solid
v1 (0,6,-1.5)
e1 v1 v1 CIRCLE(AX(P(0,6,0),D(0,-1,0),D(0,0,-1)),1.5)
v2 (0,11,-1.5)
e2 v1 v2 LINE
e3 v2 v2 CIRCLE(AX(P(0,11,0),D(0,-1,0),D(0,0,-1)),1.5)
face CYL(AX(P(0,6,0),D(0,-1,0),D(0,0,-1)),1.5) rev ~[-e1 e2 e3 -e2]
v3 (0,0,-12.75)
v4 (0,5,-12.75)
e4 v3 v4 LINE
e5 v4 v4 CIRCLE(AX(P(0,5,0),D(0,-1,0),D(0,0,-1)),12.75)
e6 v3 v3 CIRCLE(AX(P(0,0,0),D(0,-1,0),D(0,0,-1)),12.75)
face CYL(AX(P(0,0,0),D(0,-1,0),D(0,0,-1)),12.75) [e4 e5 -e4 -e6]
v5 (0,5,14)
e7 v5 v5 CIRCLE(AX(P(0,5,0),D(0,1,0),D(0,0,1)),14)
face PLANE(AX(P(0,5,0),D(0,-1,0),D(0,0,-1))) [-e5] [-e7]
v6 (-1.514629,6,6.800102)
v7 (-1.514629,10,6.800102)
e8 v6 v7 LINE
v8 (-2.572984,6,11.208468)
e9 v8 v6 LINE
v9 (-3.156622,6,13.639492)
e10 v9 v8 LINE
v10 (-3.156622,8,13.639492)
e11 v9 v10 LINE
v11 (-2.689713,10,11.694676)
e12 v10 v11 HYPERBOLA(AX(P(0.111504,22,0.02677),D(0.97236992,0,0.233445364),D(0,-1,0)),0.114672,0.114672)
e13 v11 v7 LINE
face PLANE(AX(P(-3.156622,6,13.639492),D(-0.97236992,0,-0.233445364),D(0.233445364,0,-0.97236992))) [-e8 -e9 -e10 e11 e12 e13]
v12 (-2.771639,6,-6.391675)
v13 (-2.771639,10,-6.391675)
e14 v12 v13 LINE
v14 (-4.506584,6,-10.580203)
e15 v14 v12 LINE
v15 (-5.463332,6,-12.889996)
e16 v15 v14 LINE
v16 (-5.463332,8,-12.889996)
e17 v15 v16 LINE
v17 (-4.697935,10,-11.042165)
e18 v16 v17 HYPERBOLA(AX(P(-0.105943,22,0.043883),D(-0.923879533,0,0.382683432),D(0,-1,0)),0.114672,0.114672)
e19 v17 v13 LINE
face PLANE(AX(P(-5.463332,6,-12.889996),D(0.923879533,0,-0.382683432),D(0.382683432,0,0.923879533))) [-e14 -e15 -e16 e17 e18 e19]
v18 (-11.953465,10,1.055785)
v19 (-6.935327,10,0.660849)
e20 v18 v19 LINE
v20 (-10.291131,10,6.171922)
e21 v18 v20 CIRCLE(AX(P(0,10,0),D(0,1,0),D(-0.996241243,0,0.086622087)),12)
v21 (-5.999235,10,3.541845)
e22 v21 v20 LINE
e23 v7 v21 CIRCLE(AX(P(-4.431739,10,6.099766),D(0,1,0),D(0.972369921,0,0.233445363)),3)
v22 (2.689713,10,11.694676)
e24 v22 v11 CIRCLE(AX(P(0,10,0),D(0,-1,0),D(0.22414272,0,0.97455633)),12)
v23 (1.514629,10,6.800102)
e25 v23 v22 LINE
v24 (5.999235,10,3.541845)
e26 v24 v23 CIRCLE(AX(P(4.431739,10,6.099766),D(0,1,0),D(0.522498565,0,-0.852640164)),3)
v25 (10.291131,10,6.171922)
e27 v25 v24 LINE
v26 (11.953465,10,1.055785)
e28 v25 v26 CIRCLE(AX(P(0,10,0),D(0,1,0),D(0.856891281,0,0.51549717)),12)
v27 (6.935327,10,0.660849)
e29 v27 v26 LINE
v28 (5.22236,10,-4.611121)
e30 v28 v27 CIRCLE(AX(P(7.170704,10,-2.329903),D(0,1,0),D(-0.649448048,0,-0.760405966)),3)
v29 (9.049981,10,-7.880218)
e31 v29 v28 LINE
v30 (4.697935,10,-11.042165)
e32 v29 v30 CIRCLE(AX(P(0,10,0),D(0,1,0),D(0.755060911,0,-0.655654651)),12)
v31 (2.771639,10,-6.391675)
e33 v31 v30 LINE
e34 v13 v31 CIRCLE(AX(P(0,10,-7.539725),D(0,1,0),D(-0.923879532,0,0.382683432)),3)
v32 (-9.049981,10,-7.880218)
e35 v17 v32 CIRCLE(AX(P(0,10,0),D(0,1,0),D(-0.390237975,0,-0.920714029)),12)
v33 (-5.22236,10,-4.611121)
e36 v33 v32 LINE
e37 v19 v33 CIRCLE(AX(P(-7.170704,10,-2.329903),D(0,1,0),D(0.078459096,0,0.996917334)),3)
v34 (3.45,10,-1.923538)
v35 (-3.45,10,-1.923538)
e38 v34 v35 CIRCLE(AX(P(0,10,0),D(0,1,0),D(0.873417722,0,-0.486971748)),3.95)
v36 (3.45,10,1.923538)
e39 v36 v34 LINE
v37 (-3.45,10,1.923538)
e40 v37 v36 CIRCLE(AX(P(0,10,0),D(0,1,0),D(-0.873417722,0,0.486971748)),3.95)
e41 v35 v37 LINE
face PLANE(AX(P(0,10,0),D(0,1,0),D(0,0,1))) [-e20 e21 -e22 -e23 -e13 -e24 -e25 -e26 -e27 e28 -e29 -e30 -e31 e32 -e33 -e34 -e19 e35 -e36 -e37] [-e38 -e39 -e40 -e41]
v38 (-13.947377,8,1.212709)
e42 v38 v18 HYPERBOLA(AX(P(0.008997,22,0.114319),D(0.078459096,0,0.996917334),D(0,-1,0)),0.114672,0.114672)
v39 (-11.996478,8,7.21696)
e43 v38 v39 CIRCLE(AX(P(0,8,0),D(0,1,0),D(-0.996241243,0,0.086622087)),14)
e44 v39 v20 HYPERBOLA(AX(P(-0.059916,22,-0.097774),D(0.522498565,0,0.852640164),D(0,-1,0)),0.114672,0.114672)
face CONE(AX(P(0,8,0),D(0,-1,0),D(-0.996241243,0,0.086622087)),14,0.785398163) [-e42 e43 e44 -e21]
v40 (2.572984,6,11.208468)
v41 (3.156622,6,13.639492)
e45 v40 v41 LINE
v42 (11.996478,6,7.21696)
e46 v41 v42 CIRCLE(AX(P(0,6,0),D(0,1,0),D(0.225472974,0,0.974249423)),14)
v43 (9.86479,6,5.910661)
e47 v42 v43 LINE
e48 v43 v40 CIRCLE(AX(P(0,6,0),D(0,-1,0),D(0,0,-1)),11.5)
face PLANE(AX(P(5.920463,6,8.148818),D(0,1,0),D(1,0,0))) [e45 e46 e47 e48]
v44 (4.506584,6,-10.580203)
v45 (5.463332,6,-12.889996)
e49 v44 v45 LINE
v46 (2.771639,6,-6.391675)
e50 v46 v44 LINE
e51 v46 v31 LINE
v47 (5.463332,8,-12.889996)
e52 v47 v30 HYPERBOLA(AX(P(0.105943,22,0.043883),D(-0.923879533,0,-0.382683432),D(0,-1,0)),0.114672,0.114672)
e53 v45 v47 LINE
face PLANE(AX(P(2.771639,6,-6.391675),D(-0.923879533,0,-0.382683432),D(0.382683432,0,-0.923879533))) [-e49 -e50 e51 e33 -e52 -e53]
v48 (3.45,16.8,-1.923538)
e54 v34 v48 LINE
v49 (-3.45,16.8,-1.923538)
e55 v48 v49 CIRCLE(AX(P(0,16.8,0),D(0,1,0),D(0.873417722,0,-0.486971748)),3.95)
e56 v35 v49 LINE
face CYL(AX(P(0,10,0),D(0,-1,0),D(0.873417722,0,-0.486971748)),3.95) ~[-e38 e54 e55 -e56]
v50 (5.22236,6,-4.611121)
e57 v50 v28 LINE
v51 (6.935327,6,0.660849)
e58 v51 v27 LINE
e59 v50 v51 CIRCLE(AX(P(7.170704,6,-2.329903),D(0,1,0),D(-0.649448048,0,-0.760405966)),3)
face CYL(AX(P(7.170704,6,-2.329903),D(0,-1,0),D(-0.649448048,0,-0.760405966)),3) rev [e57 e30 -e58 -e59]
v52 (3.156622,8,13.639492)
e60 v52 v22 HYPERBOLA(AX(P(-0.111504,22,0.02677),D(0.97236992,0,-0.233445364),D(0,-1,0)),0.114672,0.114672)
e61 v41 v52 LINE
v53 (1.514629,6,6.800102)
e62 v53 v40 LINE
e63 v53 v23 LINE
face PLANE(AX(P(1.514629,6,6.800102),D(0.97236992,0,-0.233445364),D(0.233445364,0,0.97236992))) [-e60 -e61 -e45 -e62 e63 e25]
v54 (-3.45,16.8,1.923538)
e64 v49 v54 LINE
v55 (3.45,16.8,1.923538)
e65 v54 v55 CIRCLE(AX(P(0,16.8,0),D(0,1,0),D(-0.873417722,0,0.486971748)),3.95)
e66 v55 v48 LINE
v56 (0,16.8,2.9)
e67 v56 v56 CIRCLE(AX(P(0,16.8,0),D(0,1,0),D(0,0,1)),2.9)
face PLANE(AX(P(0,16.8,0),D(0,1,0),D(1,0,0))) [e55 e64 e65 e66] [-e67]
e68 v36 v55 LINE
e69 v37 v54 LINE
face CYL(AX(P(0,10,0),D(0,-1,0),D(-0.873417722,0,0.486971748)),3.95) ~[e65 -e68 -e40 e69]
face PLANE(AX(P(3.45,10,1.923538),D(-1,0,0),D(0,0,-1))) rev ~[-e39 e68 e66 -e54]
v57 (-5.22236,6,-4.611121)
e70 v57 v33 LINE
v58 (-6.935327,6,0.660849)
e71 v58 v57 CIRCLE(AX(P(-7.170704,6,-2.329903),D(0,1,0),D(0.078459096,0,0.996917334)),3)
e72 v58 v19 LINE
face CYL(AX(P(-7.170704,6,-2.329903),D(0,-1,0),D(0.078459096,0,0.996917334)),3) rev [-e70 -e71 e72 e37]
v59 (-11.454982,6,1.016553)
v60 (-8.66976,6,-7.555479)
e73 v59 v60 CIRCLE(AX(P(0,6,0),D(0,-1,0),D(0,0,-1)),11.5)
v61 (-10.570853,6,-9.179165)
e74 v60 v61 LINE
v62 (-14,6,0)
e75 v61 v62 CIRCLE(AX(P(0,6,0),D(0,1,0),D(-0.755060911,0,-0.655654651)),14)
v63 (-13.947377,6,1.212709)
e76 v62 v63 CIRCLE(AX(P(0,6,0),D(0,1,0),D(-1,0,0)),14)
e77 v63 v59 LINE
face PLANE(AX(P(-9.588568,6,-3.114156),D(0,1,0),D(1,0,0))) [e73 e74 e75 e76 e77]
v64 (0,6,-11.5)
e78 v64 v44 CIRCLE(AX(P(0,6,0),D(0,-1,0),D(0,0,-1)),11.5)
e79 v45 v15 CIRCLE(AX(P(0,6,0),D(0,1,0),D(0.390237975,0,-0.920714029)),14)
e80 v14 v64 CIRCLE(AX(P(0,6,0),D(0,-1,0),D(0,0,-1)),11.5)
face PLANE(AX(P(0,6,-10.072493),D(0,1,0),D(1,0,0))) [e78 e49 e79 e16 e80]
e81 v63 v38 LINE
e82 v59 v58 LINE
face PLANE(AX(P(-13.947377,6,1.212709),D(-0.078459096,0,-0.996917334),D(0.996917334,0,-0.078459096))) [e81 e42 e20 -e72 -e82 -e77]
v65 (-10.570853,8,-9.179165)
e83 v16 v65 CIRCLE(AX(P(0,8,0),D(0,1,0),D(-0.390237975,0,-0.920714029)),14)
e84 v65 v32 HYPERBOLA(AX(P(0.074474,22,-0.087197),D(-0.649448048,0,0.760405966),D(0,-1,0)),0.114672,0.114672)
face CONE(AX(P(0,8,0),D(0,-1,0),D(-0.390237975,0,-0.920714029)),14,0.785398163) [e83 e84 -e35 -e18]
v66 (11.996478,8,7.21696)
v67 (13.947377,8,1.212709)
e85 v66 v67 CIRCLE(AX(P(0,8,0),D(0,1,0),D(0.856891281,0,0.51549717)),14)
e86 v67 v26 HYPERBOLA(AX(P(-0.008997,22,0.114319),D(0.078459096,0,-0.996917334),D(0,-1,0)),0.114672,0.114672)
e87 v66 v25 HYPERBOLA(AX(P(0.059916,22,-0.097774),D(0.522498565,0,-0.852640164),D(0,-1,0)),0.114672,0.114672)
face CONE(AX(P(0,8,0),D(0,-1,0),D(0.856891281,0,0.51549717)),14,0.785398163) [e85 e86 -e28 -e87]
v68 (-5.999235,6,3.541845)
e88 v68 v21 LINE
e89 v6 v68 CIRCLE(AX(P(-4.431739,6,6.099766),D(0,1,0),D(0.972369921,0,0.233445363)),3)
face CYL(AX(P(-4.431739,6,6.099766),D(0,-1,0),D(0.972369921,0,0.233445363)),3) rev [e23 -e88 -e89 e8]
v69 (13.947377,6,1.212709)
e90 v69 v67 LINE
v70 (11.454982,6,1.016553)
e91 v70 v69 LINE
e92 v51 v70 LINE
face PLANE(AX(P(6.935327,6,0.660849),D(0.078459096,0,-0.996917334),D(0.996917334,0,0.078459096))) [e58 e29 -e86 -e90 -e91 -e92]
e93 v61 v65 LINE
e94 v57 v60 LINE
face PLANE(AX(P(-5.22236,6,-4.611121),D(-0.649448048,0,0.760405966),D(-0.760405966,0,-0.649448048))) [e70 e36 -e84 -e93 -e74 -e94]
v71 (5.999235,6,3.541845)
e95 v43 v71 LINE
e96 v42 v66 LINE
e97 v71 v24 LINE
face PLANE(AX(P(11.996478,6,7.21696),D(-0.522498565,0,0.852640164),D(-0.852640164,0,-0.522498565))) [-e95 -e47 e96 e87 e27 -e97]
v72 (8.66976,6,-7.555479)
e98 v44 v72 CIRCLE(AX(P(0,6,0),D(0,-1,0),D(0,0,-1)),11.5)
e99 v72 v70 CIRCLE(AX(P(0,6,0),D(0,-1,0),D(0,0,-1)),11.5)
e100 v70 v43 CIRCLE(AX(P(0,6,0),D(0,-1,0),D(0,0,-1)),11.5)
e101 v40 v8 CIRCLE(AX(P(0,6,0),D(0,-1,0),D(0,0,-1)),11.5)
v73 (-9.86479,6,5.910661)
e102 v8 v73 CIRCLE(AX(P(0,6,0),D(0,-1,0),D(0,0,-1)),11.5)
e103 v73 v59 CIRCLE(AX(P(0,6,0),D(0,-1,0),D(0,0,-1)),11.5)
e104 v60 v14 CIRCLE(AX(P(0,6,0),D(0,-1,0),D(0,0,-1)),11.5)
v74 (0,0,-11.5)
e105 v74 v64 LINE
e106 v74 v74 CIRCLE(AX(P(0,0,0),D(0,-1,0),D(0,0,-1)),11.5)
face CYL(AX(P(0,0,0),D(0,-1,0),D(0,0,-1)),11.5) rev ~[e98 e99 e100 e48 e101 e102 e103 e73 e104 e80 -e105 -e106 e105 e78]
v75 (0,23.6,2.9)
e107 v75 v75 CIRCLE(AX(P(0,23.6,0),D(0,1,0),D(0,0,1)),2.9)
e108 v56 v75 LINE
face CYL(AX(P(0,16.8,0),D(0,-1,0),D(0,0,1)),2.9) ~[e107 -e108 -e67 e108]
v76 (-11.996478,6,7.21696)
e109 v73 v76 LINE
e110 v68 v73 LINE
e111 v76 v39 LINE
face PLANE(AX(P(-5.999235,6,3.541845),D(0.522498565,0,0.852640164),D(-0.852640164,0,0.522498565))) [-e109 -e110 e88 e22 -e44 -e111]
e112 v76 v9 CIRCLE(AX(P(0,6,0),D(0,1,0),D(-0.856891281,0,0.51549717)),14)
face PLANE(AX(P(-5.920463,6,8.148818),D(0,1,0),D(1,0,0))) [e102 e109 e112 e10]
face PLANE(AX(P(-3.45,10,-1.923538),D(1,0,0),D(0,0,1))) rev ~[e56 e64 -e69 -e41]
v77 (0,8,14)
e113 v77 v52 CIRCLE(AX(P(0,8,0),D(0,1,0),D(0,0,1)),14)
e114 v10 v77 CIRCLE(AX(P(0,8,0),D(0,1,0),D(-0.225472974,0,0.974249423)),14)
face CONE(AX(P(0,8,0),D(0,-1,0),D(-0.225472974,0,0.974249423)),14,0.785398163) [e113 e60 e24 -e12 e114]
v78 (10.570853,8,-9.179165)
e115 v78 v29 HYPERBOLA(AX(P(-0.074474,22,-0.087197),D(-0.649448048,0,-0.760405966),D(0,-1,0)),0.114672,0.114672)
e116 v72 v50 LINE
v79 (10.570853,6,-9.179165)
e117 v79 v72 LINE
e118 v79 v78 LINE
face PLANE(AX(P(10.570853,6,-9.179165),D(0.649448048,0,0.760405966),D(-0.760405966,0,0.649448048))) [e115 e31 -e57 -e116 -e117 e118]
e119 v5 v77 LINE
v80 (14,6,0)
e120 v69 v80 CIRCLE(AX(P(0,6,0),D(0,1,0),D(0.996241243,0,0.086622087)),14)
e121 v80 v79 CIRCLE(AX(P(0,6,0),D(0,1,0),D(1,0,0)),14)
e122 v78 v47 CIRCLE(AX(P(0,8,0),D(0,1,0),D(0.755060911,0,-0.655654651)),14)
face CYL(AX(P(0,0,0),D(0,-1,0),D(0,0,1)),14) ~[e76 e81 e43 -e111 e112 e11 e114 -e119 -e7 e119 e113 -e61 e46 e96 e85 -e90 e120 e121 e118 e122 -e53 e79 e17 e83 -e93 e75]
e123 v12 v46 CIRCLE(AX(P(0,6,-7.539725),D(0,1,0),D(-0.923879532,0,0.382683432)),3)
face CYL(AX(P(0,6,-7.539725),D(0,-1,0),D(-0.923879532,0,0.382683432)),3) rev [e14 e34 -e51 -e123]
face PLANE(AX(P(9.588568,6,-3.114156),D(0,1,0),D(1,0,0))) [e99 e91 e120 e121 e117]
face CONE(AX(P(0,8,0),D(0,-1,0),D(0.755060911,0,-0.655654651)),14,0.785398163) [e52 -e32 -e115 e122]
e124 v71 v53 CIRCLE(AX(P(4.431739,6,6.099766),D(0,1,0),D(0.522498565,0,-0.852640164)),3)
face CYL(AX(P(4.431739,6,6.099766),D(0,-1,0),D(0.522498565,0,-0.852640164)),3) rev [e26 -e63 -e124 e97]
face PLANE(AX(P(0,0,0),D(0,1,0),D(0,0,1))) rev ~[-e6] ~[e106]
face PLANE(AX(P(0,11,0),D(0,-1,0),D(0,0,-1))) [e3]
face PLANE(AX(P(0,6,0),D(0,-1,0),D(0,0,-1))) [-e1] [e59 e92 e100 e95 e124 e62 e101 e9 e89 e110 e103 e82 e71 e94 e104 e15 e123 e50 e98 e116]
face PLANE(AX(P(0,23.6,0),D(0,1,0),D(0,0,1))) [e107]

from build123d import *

# Parameters (mm, degrees)
SKETCH_1_R          = 14
EXTRUDE_1_DEPTH     = 10
SKETCH_2_R          = 11.5
CUT_EXTRUDE_1_DEPTH = 6
SKETCH_3_R          = 14
SKETCH_3_R_2        = 12.75
CUT_EXTRUDE_2_DEPTH = 5
CUT_EXTRUDE_START   = -4
CUT_EXTRUDE_3_DEPTH = 4
CHAMFER_1_SIZE      = 2
EXTRUDE_2_DEPTH     = 6.8
SKETCH_6_R          = 2.9
EXTRUDE_3_DEPTH     = 6.8
SKETCH_7_R          = 1.5
CUT_EXTRUDE_4_DEPTH = 5


with BuildPart() as part:
    # 草图1 → 凸台-拉伸1 (new body)
    with BuildSketch(Plane(origin=(0, 0, 0), x_dir=(1, 0, 0), z_dir=(0, 1, 0))):
        with Locations(Location((0, 0, 0), (0, 0, 270))):
            Circle(SKETCH_1_R)
    extrude(amount=EXTRUDE_1_DEPTH)

    # 草图2 → 切除-拉伸1 (cut)
    with BuildSketch(Plane.XZ):
        with Locations(Location((0, 0, 0), (0, 0, 270))):
            Circle(SKETCH_2_R)
    extrude(amount=-CUT_EXTRUDE_1_DEPTH, mode=Mode.SUBTRACT)

    # 草图3 → 切除-拉伸2 (cut)
    with BuildSketch(Plane.XZ):
        with Locations(Location((0, 0, 0), (0, 0, 270))):
            Circle(SKETCH_3_R)
        with Locations(Location((0, 0, 0), (0, 0, 270))):
            Circle(SKETCH_3_R_2, mode=Mode.SUBTRACT)
    extrude(amount=-CUT_EXTRUDE_2_DEPTH, mode=Mode.SUBTRACT)

    # 草图4 → 切除-拉伸3 (cut)
    with BuildSketch(Plane(origin=(0, 10, 0), x_dir=(1, 0, 0), z_dir=(0, 1, 0)).offset(CUT_EXTRUDE_START)):
        with BuildLine():
            Line((-5.46333165, 12.889996403), (-2.771638598, 6.39167453))
            ThreePointArc((-2.771638598, 6.39167453), (0, 4.539724827), (2.771638598, 6.39167453))
            Line((2.771638598, 6.39167453), (5.46333165, 12.889996403))
            ThreePointArc((5.46333165, 12.889996403), (0, 14), (-5.46333165, 12.889996403))
        make_face()
        with BuildLine():
            Line((-5.222360283, 4.611121001), (-10.570852749, 9.179165113))
            ThreePointArc((-10.570852749, 9.179165113), (-13.114723376, 4.899390856), (-14, 0))
            ThreePointArc((-14, 0), (-13.986838163, -0.6069252), (-13.9473774, -1.212709221))
            Line((-13.9473774, -1.212709221), (-6.935327141, -0.660848897))
            ThreePointArc((-6.935327141, -0.660848897), (-4.317534879, 1.402852121), (-5.222360283, 4.611121001))
        make_face()
        with BuildLine():
            Line((-5.999234754, -3.541845025), (-11.996477939, -7.216960375))
            ThreePointArc((-11.996477939, -7.216960375), (-8.228993532, -11.326237921), (-3.156621637, -13.63949192))
            Line((-3.156621637, -13.63949192), (-1.514629298, -6.800101609))
            ThreePointArc((-1.514629298, -6.800101609), (-2.668383303, -3.672714535), (-5.999234754, -3.541845025))
        make_face()
        with BuildLine():
            ThreePointArc((3.156621637, -13.63949192), (8.228993532, -11.326237921), (11.996477939, -7.216960375))
            Line((11.996477939, -7.216960375), (5.999234754, -3.541845025))
            ThreePointArc((5.999234754, -3.541845025), (2.668383303, -3.672714535), (1.514629298, -6.800101609))
            Line((1.514629298, -6.800101609), (3.156621637, -13.63949192))
        make_face()
        with BuildLine():
            ThreePointArc((14, 0), (13.114723376, 4.899390856), (10.570852749, 9.179165113))
            Line((10.570852749, 9.179165113), (5.222360283, 4.611121001))
            ThreePointArc((5.222360283, 4.611121001), (4.317534879, 1.402852121), (6.935327141, -0.660848897))
            Line((6.935327141, -0.660848897), (13.9473774, -1.212709221))
            ThreePointArc((13.9473774, -1.212709221), (13.986838163, -0.6069252), (14, 0))
        make_face()
    extrude(amount=CUT_EXTRUDE_3_DEPTH, mode=Mode.SUBTRACT)

    # 倒角1
    chamfer_1_edges = [part.edges().sort_by_distance(p)[0] for p in [
        (-8.228993532, 10, -11.326237921),
        (-13.314791228, 10, 4.326237921),
        (1.588570602, 10, 13.909580994),
        (13.314791228, 10, 4.326237921),
        (8.228993532, 10, -11.326237921),
    ]]
    chamfer(chamfer_1_edges, length=CHAMFER_1_SIZE)

    # 草图5 → 凸台-拉伸2 (add)
    with BuildSketch(Plane(origin=(0, 10, 0), x_dir=(1, 0, 0), z_dir=(0, 1, 0))):
        with BuildLine():
            Line((-3.45, 1.923538406), (-3.45, -1.923538406))
            ThreePointArc((-3.45, -1.923538406), (0, -3.95), (3.45, -1.923538406))
            Line((3.45, -1.923538406), (3.45, 1.923538406))
            ThreePointArc((3.45, 1.923538406), (0, 3.95), (-3.45, 1.923538406))
        make_face()
    extrude(amount=EXTRUDE_2_DEPTH)

    # 草图6 → 凸台-拉伸3 (add)
    with BuildSketch(Plane(origin=(0, 16.8, 0), x_dir=(1, 0, 0), z_dir=(0, 1, 0))):
        with Locations(Location((0, 0, 0), (0, 0, 270))):
            Circle(SKETCH_6_R)
    extrude(amount=EXTRUDE_3_DEPTH)

    # 草图7 → 切除-拉伸4 (cut)
    with BuildSketch(Plane.XZ.offset(-6)):
        with Locations(Location((0, 0, 0), (0, 0, 270))):
            Circle(SKETCH_7_R)
    extrude(amount=-CUT_EXTRUDE_4_DEPTH, mode=Mode.SUBTRACT)


solid = part.part
